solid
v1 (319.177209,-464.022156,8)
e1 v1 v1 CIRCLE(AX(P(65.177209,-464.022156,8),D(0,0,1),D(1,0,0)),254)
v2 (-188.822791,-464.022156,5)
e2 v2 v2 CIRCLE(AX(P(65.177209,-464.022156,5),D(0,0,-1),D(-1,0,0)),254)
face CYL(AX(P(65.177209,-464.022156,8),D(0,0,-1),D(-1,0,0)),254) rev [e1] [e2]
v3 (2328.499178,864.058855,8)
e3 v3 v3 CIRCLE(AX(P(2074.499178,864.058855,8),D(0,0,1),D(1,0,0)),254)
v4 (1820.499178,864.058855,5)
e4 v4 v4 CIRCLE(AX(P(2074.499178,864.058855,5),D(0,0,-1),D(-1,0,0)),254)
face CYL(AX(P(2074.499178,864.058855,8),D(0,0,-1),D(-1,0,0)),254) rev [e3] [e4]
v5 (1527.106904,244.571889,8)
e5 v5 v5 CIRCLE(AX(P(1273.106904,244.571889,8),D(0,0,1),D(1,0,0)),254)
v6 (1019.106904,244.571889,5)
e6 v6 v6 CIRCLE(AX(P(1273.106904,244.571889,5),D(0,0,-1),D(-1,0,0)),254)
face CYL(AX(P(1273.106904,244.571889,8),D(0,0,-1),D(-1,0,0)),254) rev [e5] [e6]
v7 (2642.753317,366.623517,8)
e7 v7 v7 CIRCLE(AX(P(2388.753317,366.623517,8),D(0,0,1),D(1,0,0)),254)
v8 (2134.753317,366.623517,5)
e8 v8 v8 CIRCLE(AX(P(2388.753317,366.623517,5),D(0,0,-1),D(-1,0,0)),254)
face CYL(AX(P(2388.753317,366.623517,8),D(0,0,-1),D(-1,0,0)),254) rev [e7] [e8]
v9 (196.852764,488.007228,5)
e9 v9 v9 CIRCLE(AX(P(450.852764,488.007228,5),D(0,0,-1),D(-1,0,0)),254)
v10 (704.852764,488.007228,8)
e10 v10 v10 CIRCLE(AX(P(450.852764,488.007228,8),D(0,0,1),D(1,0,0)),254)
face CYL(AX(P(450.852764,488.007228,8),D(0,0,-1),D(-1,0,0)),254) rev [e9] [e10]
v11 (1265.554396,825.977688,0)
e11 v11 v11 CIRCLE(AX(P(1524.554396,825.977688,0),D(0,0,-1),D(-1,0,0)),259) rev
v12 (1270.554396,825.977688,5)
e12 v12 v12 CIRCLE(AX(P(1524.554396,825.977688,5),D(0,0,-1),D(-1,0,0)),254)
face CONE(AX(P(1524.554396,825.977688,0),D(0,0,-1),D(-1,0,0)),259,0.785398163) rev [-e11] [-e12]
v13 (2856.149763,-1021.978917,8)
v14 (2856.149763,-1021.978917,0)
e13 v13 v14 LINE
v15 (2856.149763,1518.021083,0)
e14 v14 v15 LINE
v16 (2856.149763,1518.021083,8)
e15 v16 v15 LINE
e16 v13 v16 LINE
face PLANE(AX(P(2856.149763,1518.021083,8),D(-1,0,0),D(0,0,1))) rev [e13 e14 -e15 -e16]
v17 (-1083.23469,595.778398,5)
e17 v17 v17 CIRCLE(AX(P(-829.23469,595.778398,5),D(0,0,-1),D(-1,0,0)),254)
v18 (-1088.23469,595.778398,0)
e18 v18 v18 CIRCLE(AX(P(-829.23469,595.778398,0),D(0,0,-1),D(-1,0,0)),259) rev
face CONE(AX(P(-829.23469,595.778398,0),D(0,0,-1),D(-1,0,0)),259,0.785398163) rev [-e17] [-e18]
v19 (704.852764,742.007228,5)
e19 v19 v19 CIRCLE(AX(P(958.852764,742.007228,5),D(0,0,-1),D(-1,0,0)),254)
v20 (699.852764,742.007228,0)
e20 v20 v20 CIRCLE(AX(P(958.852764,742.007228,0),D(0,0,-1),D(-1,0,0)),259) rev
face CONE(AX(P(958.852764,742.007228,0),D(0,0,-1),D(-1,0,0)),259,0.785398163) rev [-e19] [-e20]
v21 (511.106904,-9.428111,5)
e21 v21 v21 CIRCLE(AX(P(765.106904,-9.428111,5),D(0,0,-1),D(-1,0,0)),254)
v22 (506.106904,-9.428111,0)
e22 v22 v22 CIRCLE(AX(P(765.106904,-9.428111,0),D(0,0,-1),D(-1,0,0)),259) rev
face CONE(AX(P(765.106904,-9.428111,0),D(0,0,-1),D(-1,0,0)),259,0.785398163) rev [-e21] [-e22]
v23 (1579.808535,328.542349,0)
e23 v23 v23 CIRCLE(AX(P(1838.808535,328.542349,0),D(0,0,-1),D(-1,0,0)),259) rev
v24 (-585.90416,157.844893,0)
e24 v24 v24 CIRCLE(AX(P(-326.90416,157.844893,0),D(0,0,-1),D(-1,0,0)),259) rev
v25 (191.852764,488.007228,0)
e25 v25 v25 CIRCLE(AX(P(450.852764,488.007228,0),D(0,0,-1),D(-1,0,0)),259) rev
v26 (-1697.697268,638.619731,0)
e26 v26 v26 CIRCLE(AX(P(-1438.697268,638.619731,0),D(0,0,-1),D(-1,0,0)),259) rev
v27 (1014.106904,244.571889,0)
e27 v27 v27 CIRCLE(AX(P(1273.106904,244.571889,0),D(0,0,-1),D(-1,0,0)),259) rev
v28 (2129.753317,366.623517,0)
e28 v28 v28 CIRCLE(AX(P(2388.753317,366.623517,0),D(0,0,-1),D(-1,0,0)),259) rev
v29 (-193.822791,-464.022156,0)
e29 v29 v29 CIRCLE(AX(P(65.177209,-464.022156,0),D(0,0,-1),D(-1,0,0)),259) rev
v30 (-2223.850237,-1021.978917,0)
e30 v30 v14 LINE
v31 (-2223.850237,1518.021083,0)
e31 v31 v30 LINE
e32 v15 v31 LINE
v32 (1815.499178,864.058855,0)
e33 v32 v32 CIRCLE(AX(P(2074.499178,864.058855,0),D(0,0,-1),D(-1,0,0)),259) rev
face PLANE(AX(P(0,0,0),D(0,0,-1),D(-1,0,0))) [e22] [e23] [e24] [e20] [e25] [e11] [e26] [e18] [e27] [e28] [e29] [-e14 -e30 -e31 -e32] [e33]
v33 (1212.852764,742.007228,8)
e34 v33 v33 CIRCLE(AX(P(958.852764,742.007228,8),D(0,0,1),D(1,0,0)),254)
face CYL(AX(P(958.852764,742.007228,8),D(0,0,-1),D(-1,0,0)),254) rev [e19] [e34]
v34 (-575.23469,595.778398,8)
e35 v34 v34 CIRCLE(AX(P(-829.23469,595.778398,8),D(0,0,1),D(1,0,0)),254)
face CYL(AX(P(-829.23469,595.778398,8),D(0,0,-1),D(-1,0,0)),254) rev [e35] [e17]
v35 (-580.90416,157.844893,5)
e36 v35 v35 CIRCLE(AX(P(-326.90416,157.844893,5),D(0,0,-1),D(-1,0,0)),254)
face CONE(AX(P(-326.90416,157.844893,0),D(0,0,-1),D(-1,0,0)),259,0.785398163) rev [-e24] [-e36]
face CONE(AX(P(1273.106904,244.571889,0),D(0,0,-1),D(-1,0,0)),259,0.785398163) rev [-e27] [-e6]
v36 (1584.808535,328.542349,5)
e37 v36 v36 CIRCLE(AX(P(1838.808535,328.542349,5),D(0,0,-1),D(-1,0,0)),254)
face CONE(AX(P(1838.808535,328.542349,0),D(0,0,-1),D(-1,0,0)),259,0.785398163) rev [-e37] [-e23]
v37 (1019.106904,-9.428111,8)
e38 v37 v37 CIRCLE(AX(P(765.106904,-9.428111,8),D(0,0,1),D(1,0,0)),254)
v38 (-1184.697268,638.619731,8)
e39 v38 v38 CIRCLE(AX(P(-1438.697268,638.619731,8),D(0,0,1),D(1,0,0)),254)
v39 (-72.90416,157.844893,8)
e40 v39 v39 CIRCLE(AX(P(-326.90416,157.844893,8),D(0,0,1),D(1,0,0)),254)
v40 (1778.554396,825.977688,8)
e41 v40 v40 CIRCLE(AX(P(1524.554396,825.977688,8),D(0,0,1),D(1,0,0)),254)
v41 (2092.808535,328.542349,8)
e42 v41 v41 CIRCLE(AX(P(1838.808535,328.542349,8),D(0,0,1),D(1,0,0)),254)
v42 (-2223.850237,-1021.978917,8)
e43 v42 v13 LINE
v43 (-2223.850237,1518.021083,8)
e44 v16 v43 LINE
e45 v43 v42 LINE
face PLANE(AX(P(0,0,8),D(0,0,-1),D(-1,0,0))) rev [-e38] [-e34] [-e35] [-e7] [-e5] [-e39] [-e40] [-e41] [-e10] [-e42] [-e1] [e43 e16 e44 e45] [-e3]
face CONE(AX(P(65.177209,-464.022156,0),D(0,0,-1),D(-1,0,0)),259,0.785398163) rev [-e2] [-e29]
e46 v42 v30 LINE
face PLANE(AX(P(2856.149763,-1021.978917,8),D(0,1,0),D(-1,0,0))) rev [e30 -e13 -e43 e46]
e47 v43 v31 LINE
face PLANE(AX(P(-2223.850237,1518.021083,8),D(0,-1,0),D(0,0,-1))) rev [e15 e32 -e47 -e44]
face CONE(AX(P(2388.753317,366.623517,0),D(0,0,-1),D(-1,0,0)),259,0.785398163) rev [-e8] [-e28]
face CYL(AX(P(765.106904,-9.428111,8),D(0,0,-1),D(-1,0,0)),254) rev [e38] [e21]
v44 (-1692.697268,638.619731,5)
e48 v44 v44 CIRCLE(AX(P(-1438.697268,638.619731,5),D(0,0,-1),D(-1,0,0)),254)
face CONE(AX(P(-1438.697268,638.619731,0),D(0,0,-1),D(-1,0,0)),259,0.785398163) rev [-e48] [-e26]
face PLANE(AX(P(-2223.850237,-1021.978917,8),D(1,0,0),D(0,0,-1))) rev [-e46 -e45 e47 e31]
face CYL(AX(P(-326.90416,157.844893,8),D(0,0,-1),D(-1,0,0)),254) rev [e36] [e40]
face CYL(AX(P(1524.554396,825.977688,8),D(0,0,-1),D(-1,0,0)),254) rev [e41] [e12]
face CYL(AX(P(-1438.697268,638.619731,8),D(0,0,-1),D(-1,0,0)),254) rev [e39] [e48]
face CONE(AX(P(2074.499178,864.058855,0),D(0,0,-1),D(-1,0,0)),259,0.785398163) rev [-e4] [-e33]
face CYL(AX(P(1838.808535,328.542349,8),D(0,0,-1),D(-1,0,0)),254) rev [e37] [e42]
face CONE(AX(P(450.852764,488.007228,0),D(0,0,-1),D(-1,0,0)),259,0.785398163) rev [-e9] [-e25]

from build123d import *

# Parameters (mm, degrees)
SKETCH1_W           = 5080
SKETCH1_H           = 2540
SKETCH1_R           = 254
BOSS_EXTRUDE1_DEPTH = 8
CHAMFER1_SIZE       = 5
CHAMFER2_SIZE       = 5


with BuildPart() as part:
    # Sketch1 → Boss-Extrude1 (new body)
    with BuildSketch(Plane.XY):
        with Locations((316.149762546, 248.021082972)):
            Rectangle(SKETCH1_W, SKETCH1_H)
        with Locations((-1438.697268441, 638.61973093)):
            Circle(SKETCH1_R, mode=Mode.SUBTRACT)
        with Locations((-829.234689967, 595.778397757)):
            Circle(SKETCH1_R, mode=Mode.SUBTRACT)
        with Locations((-326.904160186, 157.84489308)):
            Circle(SKETCH1_R, mode=Mode.SUBTRACT)
        with Locations((65.17720877, -464.022155912)):
            Circle(SKETCH1_R, mode=Mode.SUBTRACT)
        with Locations((450.852764313, 488.007227932)):
            Circle(SKETCH1_R, mode=Mode.SUBTRACT)
        with Locations((958.852764313, 742.007227932)):
            Circle(SKETCH1_R, mode=Mode.SUBTRACT)
        with Locations((1524.554395699, 825.977687935)):
            Circle(SKETCH1_R, mode=Mode.SUBTRACT)
        with Locations((2074.499177688, 864.058855361)):
            Circle(SKETCH1_R, mode=Mode.SUBTRACT)
        with Locations((765.106903992, -9.428110757)):
            Circle(SKETCH1_R, mode=Mode.SUBTRACT)
        with Locations((1273.106903992, 244.571889243)):
            Circle(SKETCH1_R, mode=Mode.SUBTRACT)
        with Locations((1838.808535378, 328.542349246)):
            Circle(SKETCH1_R, mode=Mode.SUBTRACT)
        with Locations((2388.753317367, 366.623516672)):
            Circle(SKETCH1_R, mode=Mode.SUBTRACT)
    extrude(amount=BOSS_EXTRUDE1_DEPTH)

    # Chamfer1
    chamfer1_edges = [part.edges().sort_by_distance(p)[0] for p in [
        (1820.499177688, 864.058855361, 0),
        (2134.753317367, 366.623516672, 0),
    ]]
    chamfer(chamfer1_edges, length=CHAMFER1_SIZE)

    # Chamfer2
    chamfer2_edges = [part.edges().sort_by_distance(p)[0] for p in [
        (-1692.697268441, 638.61973093, 0),
        (-1083.234689967, 595.778397757, 0),
        (-580.904160186, 157.84489308, 0),
        (-188.82279123, -464.022155912, 0),
        (196.852764313, 488.007227932, 0),
        (704.852764313, 742.007227932, 0),
        (1270.554395699, 825.977687935, 0),
        (511.106903992, -9.428110757, 0),
        (1019.106903992, 244.571889243, 0),
        (1584.808535378, 328.542349246, 0),
    ]]
    chamfer(chamfer2_edges, length=CHAMFER2_SIZE)


solid = part.part
